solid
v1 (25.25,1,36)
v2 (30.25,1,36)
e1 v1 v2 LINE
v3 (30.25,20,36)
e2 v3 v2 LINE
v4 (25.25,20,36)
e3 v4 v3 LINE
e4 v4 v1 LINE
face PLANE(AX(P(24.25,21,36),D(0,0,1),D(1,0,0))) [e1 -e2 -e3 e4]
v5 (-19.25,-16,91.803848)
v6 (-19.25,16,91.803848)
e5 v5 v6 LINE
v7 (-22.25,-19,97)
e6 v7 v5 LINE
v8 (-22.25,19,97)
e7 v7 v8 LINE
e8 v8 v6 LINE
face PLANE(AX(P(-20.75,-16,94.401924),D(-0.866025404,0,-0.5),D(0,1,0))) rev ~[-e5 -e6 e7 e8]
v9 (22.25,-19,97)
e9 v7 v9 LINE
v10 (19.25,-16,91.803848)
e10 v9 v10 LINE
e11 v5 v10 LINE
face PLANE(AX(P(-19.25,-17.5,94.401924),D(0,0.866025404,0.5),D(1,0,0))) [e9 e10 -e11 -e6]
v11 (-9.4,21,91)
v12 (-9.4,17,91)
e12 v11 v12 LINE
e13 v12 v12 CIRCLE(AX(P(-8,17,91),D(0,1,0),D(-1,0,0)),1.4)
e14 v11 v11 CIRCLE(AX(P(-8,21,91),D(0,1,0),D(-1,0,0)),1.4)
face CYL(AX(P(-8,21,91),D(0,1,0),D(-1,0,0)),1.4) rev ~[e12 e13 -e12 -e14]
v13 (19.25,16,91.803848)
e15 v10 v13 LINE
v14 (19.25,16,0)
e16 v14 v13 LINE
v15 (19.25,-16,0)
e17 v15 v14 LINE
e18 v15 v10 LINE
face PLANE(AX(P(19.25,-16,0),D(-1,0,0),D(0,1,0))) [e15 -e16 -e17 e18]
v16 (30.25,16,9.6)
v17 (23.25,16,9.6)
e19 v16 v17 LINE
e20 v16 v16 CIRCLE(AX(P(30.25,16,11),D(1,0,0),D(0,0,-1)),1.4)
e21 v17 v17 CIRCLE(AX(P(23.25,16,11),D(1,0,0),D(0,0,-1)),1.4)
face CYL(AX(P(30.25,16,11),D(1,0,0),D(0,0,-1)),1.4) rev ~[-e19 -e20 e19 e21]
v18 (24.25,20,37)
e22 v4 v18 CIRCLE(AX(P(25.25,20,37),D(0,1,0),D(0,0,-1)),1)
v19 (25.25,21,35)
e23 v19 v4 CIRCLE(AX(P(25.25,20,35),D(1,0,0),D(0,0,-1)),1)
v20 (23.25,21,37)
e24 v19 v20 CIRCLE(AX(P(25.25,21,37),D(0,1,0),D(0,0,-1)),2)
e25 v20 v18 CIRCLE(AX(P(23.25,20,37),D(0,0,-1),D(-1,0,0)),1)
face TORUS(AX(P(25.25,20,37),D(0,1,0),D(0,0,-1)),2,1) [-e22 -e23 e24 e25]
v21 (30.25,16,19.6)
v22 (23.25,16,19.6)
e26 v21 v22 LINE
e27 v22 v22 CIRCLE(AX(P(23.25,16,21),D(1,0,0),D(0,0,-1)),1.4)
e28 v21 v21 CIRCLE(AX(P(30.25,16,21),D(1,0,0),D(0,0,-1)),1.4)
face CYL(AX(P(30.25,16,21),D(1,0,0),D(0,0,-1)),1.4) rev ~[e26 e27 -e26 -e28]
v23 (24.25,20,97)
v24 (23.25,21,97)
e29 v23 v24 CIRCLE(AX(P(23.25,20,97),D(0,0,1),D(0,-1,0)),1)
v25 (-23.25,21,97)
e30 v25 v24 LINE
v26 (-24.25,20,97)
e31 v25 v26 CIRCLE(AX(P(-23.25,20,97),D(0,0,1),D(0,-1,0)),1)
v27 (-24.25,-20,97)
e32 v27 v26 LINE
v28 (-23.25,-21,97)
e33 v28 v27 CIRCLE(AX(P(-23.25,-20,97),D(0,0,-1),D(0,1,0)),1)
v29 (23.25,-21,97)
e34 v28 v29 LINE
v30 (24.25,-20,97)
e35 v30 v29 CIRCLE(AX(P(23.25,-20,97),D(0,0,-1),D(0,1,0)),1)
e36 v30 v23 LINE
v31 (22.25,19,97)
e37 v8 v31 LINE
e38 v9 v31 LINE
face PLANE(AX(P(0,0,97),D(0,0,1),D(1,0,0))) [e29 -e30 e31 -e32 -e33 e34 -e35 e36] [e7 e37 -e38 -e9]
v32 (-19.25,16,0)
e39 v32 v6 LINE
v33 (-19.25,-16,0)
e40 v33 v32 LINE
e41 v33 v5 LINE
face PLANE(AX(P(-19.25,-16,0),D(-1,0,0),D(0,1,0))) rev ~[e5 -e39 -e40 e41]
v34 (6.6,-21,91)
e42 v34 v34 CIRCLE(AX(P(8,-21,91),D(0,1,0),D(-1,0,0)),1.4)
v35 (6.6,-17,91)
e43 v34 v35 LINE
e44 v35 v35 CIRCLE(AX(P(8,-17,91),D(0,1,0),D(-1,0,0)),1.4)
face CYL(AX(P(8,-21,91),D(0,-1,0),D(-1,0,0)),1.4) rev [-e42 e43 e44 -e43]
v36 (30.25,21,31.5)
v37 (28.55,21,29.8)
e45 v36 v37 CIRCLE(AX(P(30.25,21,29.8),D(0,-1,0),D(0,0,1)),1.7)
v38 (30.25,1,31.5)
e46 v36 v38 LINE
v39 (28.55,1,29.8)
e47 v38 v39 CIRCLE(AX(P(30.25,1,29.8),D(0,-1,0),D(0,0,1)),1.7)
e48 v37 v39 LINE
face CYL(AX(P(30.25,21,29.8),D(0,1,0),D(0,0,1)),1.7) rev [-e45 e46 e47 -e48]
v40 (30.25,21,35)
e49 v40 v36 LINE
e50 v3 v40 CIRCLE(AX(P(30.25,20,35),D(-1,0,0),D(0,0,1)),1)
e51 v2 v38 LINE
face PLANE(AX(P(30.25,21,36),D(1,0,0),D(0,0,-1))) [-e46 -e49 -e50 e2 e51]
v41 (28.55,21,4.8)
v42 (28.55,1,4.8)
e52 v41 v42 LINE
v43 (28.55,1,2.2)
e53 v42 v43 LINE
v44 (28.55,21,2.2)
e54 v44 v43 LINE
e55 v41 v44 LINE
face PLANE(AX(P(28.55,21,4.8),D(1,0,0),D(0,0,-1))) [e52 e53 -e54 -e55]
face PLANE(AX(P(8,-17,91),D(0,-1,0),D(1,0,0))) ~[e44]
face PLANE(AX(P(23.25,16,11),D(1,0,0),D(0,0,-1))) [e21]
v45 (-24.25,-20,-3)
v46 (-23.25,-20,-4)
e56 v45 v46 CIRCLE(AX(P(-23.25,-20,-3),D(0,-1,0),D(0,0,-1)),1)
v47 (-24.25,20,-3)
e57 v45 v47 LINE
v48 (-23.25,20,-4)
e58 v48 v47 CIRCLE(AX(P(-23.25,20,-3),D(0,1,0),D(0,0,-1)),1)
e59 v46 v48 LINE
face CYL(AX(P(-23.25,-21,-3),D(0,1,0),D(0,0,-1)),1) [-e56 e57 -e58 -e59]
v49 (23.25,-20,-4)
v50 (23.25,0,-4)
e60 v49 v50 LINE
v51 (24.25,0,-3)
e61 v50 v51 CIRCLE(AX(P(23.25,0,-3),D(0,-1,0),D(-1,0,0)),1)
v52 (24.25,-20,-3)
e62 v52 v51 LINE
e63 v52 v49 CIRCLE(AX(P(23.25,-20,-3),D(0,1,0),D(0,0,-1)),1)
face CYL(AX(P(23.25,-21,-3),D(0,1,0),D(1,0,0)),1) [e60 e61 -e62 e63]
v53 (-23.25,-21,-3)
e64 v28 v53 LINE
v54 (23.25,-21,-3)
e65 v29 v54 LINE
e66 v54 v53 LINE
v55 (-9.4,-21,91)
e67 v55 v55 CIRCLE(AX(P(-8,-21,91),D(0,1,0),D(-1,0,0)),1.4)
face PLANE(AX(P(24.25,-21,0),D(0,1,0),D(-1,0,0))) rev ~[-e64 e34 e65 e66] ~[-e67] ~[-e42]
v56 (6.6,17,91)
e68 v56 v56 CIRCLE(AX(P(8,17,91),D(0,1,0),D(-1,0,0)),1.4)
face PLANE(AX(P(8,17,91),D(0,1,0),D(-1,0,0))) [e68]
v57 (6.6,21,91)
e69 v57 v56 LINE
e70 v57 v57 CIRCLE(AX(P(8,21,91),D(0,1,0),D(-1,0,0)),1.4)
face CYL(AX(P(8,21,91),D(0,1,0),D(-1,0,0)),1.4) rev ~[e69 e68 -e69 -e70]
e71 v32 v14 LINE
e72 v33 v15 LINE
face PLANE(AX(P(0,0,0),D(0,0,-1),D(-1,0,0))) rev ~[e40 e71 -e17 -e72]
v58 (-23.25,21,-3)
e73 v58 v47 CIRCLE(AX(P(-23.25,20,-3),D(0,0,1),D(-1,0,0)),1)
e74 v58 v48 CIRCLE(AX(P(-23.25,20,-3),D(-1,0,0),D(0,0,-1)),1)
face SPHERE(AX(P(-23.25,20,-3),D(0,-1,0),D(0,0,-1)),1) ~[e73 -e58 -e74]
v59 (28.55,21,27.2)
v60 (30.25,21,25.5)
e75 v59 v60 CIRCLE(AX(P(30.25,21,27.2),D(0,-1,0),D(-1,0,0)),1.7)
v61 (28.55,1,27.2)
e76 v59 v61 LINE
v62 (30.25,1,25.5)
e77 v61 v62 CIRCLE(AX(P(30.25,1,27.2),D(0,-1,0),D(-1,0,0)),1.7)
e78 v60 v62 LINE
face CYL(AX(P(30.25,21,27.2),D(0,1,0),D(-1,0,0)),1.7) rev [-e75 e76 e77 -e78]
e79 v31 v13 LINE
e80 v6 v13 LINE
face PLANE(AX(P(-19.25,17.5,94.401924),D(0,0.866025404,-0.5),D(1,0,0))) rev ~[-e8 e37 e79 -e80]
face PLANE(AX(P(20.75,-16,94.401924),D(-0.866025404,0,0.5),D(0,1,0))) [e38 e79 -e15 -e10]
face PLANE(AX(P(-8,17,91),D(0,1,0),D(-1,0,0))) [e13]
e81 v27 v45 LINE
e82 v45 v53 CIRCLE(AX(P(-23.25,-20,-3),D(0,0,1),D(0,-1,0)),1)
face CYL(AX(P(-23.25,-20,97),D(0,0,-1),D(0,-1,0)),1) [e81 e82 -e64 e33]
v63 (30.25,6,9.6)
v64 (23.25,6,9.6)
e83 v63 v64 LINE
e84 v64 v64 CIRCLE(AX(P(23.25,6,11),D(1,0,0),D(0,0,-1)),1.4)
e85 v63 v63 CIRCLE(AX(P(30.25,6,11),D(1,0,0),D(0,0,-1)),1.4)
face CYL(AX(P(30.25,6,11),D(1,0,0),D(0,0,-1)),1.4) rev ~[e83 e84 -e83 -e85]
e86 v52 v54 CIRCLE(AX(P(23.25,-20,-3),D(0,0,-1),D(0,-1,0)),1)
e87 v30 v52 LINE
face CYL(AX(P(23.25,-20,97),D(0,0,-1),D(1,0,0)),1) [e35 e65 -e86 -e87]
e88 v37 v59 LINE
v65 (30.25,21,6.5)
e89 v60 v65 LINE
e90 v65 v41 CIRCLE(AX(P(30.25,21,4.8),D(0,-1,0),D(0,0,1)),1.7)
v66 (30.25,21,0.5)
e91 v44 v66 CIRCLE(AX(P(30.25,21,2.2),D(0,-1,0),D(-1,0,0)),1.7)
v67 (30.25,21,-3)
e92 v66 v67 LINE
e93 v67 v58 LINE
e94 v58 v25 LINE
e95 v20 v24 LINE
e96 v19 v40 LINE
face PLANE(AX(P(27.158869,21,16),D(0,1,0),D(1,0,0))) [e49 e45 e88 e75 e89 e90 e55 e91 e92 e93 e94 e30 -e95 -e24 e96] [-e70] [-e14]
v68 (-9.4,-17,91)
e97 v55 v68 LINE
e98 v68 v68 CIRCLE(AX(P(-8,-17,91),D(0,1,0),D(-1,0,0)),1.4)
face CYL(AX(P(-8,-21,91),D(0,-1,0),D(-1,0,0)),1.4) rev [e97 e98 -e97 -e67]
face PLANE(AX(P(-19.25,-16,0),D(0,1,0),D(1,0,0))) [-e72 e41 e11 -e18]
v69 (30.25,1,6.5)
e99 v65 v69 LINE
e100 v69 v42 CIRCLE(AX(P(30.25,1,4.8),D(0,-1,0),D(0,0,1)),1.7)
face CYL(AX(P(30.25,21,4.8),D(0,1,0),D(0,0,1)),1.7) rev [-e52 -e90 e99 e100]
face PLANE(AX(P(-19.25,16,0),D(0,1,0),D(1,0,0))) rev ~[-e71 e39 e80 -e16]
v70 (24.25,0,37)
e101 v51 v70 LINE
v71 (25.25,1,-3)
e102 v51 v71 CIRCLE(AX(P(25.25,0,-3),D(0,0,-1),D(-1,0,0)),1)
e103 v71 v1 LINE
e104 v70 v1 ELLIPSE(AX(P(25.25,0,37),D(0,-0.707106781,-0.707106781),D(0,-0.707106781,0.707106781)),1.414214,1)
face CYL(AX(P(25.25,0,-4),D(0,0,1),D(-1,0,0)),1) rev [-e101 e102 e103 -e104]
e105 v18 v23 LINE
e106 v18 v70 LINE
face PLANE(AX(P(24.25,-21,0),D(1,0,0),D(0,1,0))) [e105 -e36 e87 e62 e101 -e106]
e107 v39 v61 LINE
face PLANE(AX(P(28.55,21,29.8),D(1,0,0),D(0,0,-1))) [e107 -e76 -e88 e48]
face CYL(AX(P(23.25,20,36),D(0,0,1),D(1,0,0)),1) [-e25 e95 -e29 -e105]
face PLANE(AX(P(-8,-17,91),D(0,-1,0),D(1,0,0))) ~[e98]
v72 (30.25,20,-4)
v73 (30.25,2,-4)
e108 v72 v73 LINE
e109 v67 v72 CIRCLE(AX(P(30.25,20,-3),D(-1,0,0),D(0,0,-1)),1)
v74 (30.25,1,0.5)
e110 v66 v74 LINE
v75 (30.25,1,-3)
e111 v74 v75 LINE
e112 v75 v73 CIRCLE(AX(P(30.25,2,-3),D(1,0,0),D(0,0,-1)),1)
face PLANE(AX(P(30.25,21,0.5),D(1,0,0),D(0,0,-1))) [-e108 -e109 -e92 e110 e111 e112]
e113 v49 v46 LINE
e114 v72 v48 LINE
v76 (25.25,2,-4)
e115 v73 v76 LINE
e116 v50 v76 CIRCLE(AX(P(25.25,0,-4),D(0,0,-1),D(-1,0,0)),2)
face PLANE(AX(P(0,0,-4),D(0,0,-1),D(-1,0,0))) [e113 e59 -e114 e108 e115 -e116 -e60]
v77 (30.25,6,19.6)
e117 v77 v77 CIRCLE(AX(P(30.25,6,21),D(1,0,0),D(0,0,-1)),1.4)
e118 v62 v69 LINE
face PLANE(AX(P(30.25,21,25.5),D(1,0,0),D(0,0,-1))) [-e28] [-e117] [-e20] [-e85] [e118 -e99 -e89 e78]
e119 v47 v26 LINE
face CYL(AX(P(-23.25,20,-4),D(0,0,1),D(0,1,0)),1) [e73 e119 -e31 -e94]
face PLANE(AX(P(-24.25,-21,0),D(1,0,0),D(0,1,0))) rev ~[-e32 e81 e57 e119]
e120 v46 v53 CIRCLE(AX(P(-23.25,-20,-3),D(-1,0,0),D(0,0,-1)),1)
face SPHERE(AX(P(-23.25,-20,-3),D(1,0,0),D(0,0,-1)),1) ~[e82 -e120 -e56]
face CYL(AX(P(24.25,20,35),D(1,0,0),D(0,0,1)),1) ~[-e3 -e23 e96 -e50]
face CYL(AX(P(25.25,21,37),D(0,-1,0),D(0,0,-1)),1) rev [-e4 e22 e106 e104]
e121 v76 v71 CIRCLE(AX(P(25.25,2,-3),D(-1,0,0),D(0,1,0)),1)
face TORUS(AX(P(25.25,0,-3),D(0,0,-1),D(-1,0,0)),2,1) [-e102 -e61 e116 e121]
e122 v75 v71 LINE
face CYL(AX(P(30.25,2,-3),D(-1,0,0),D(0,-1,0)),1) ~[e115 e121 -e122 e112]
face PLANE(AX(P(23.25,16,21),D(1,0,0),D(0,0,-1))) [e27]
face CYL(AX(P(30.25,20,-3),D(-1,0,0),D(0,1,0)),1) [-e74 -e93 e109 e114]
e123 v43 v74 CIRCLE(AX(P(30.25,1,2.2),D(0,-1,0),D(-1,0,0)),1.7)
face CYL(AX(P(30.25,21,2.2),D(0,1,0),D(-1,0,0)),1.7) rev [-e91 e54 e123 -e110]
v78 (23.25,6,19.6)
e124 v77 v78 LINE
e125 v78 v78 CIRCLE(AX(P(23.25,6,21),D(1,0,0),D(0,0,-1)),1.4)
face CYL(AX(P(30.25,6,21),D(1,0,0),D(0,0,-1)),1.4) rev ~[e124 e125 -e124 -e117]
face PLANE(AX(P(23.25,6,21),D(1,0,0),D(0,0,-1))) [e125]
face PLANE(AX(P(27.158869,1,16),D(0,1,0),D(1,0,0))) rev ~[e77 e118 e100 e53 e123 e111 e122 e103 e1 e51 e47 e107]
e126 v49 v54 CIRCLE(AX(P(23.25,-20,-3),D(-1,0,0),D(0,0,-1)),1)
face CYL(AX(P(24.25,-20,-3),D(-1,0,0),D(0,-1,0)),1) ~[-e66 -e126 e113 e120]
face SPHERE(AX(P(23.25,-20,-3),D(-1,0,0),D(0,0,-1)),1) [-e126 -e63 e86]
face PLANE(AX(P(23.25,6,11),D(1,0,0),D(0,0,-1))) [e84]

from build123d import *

# Parameters (mm, degrees)
SKETCH2_W                         = 48.5
SKETCH2_H                         = 42
SKETCH2_W_2                       = 38.5
SKETCH2_H_2                       = 32
SLEEVE_DEPTH                      = 97
SKETCH3_W                         = 48.5
SKETCH3_H                         = 42
REAR_COVER_DEPTH                  = 4
BASKET_CLAMP_DEPTH                = 20
SKETCH5_R                         = 1.4
BASKET_CLAMP_MOUNTING_HOLES_DEPTH = 7
SKETCH7_R                         = 1.4
FRONT_COVER_SCREW_HOLES_TOP_DEPTH = 4
F_1MM_EDGE_FILLETS_R              = 1
BATTERY_INSERTION_CHAMFER_SIZE    = 3
BATTERY_INSERTION_CHAMFER_SIZE2   = 5.196152423


with BuildPart() as part:
    # Sketch2 → Sleeve (new body)
    with BuildSketch(Plane.XY):
        Rectangle(SKETCH2_W, SKETCH2_H)
        Rectangle(SKETCH2_W_2, SKETCH2_H_2, mode=Mode.SUBTRACT)
    extrude(amount=SLEEVE_DEPTH)

    # Sketch3 → Rear Cover (add)
    with BuildSketch(Plane(origin=(0, 0, 0), x_dir=(-1, 0, 0), z_dir=(0, 0, -1))):
        Rectangle(SKETCH3_W, SKETCH3_H)
    extrude(amount=REAR_COVER_DEPTH)

    # Sketch4 → Basket Clamp (add)
    with BuildSketch(Plane(origin=(0, 21, 0), x_dir=(1, 0, 0), z_dir=(0, 1, 0))):
        with BuildLine():
            Line((24.25, 4), (24.25, -36))
            Line((24.25, -36), (30.25, -36))
            Line((30.25, -36), (30.25, -31.5))
            ThreePointArc((30.25, -31.5), (29.047918472, -31.002081528), (28.55, -29.8))
            Line((28.55, -29.8), (28.55, -27.2))
            ThreePointArc((28.55, -27.2), (29.047918472, -25.997918472), (30.25, -25.5))
            Line((30.25, -25.5), (30.25, -6.5))
            ThreePointArc((30.25, -6.5), (29.047918472, -6.002081528), (28.55, -4.8))
            Line((28.55, -4.8), (28.55, -2.2))
            ThreePointArc((28.55, -2.2), (29.047918472, -0.997918472), (30.25, -0.5))
            Line((30.25, -0.5), (30.25, 4))
            Line((30.25, 4), (24.25, 4))
        make_face()
    extrude(amount=-BASKET_CLAMP_DEPTH)

    # Sketch5 → Basket Clamp Mounting Holes (cut)
    with BuildSketch(Plane(origin=(30.25, 0, 0), x_dir=(0, 0, -1), z_dir=(1, 0, 0))):
        with Locations((-21, 16)):
            Circle(SKETCH5_R)
        with Locations((-11, 16)):
            Circle(SKETCH5_R)
        with Locations((-11, 6)):
            Circle(SKETCH5_R)
        with Locations((-21, 6)):
            Circle(SKETCH5_R)
    extrude(amount=-BASKET_CLAMP_MOUNTING_HOLES_DEPTH, mode=Mode.SUBTRACT)

    # Sketch7 → Front Cover Screw Holes Top (cut)
    with BuildSketch(Plane(origin=(0, 21, 0), x_dir=(1, 0, 0), z_dir=(0, 1, 0))):
        with Locations((-8, -91)):
            Circle(SKETCH7_R)
        with Locations((8, -91)):
            Circle(SKETCH7_R)
    front_cover_screw_holes_top = extrude(amount=-FRONT_COVER_SCREW_HOLES_TOP_DEPTH, mode=Mode.SUBTRACT)

    # Front Cover Screw Holes Bottom: Front Cover Screw Holes Top across plane
    add(front_cover_screw_holes_top.mirror(Plane.ZX), mode=Mode.SUBTRACT)

    # 1mm Edge Fillets
    f_1mm_edge_fillets_edges = [part.edges().sort_by_distance(p)[0] for p in [
        (27.25, 1, -4),
        (-24.25, -21, 46.5),
        (24.25, 11, 36),
        (24.25, 1, 16),
        (24.25, -21, 46.5),
        (0, -21, -4),
        (24.25, -10, -4),
        (-24.25, 0, -4),
        (3, 21, -4),
        (-24.25, 21, 46.5),
        (24.25, 21, 66.5),
        (27.25, 21, 36),
    ]]
    fillet(f_1mm_edge_fillets_edges, radius=F_1MM_EDGE_FILLETS_R)

    # Battery Insertion Chamfer
    battery_insertion_chamfer_edges = [part.edges().sort_by_distance(p)[0] for p in [
        (19.25, 0, 97),
        (0, 16, 97),
        (-19.25, 0, 97),
        (0, -16, 97),
    ]]
    battery_insertion_chamfer_side = [part.faces().sort_by_distance(p)[0] for p in [
        (0, 20.358419919, 97),
    ]]
    chamfer(battery_insertion_chamfer_edges, length=BATTERY_INSERTION_CHAMFER_SIZE, length2=BATTERY_INSERTION_CHAMFER_SIZE2, reference=battery_insertion_chamfer_side[0])


solid = part.part
